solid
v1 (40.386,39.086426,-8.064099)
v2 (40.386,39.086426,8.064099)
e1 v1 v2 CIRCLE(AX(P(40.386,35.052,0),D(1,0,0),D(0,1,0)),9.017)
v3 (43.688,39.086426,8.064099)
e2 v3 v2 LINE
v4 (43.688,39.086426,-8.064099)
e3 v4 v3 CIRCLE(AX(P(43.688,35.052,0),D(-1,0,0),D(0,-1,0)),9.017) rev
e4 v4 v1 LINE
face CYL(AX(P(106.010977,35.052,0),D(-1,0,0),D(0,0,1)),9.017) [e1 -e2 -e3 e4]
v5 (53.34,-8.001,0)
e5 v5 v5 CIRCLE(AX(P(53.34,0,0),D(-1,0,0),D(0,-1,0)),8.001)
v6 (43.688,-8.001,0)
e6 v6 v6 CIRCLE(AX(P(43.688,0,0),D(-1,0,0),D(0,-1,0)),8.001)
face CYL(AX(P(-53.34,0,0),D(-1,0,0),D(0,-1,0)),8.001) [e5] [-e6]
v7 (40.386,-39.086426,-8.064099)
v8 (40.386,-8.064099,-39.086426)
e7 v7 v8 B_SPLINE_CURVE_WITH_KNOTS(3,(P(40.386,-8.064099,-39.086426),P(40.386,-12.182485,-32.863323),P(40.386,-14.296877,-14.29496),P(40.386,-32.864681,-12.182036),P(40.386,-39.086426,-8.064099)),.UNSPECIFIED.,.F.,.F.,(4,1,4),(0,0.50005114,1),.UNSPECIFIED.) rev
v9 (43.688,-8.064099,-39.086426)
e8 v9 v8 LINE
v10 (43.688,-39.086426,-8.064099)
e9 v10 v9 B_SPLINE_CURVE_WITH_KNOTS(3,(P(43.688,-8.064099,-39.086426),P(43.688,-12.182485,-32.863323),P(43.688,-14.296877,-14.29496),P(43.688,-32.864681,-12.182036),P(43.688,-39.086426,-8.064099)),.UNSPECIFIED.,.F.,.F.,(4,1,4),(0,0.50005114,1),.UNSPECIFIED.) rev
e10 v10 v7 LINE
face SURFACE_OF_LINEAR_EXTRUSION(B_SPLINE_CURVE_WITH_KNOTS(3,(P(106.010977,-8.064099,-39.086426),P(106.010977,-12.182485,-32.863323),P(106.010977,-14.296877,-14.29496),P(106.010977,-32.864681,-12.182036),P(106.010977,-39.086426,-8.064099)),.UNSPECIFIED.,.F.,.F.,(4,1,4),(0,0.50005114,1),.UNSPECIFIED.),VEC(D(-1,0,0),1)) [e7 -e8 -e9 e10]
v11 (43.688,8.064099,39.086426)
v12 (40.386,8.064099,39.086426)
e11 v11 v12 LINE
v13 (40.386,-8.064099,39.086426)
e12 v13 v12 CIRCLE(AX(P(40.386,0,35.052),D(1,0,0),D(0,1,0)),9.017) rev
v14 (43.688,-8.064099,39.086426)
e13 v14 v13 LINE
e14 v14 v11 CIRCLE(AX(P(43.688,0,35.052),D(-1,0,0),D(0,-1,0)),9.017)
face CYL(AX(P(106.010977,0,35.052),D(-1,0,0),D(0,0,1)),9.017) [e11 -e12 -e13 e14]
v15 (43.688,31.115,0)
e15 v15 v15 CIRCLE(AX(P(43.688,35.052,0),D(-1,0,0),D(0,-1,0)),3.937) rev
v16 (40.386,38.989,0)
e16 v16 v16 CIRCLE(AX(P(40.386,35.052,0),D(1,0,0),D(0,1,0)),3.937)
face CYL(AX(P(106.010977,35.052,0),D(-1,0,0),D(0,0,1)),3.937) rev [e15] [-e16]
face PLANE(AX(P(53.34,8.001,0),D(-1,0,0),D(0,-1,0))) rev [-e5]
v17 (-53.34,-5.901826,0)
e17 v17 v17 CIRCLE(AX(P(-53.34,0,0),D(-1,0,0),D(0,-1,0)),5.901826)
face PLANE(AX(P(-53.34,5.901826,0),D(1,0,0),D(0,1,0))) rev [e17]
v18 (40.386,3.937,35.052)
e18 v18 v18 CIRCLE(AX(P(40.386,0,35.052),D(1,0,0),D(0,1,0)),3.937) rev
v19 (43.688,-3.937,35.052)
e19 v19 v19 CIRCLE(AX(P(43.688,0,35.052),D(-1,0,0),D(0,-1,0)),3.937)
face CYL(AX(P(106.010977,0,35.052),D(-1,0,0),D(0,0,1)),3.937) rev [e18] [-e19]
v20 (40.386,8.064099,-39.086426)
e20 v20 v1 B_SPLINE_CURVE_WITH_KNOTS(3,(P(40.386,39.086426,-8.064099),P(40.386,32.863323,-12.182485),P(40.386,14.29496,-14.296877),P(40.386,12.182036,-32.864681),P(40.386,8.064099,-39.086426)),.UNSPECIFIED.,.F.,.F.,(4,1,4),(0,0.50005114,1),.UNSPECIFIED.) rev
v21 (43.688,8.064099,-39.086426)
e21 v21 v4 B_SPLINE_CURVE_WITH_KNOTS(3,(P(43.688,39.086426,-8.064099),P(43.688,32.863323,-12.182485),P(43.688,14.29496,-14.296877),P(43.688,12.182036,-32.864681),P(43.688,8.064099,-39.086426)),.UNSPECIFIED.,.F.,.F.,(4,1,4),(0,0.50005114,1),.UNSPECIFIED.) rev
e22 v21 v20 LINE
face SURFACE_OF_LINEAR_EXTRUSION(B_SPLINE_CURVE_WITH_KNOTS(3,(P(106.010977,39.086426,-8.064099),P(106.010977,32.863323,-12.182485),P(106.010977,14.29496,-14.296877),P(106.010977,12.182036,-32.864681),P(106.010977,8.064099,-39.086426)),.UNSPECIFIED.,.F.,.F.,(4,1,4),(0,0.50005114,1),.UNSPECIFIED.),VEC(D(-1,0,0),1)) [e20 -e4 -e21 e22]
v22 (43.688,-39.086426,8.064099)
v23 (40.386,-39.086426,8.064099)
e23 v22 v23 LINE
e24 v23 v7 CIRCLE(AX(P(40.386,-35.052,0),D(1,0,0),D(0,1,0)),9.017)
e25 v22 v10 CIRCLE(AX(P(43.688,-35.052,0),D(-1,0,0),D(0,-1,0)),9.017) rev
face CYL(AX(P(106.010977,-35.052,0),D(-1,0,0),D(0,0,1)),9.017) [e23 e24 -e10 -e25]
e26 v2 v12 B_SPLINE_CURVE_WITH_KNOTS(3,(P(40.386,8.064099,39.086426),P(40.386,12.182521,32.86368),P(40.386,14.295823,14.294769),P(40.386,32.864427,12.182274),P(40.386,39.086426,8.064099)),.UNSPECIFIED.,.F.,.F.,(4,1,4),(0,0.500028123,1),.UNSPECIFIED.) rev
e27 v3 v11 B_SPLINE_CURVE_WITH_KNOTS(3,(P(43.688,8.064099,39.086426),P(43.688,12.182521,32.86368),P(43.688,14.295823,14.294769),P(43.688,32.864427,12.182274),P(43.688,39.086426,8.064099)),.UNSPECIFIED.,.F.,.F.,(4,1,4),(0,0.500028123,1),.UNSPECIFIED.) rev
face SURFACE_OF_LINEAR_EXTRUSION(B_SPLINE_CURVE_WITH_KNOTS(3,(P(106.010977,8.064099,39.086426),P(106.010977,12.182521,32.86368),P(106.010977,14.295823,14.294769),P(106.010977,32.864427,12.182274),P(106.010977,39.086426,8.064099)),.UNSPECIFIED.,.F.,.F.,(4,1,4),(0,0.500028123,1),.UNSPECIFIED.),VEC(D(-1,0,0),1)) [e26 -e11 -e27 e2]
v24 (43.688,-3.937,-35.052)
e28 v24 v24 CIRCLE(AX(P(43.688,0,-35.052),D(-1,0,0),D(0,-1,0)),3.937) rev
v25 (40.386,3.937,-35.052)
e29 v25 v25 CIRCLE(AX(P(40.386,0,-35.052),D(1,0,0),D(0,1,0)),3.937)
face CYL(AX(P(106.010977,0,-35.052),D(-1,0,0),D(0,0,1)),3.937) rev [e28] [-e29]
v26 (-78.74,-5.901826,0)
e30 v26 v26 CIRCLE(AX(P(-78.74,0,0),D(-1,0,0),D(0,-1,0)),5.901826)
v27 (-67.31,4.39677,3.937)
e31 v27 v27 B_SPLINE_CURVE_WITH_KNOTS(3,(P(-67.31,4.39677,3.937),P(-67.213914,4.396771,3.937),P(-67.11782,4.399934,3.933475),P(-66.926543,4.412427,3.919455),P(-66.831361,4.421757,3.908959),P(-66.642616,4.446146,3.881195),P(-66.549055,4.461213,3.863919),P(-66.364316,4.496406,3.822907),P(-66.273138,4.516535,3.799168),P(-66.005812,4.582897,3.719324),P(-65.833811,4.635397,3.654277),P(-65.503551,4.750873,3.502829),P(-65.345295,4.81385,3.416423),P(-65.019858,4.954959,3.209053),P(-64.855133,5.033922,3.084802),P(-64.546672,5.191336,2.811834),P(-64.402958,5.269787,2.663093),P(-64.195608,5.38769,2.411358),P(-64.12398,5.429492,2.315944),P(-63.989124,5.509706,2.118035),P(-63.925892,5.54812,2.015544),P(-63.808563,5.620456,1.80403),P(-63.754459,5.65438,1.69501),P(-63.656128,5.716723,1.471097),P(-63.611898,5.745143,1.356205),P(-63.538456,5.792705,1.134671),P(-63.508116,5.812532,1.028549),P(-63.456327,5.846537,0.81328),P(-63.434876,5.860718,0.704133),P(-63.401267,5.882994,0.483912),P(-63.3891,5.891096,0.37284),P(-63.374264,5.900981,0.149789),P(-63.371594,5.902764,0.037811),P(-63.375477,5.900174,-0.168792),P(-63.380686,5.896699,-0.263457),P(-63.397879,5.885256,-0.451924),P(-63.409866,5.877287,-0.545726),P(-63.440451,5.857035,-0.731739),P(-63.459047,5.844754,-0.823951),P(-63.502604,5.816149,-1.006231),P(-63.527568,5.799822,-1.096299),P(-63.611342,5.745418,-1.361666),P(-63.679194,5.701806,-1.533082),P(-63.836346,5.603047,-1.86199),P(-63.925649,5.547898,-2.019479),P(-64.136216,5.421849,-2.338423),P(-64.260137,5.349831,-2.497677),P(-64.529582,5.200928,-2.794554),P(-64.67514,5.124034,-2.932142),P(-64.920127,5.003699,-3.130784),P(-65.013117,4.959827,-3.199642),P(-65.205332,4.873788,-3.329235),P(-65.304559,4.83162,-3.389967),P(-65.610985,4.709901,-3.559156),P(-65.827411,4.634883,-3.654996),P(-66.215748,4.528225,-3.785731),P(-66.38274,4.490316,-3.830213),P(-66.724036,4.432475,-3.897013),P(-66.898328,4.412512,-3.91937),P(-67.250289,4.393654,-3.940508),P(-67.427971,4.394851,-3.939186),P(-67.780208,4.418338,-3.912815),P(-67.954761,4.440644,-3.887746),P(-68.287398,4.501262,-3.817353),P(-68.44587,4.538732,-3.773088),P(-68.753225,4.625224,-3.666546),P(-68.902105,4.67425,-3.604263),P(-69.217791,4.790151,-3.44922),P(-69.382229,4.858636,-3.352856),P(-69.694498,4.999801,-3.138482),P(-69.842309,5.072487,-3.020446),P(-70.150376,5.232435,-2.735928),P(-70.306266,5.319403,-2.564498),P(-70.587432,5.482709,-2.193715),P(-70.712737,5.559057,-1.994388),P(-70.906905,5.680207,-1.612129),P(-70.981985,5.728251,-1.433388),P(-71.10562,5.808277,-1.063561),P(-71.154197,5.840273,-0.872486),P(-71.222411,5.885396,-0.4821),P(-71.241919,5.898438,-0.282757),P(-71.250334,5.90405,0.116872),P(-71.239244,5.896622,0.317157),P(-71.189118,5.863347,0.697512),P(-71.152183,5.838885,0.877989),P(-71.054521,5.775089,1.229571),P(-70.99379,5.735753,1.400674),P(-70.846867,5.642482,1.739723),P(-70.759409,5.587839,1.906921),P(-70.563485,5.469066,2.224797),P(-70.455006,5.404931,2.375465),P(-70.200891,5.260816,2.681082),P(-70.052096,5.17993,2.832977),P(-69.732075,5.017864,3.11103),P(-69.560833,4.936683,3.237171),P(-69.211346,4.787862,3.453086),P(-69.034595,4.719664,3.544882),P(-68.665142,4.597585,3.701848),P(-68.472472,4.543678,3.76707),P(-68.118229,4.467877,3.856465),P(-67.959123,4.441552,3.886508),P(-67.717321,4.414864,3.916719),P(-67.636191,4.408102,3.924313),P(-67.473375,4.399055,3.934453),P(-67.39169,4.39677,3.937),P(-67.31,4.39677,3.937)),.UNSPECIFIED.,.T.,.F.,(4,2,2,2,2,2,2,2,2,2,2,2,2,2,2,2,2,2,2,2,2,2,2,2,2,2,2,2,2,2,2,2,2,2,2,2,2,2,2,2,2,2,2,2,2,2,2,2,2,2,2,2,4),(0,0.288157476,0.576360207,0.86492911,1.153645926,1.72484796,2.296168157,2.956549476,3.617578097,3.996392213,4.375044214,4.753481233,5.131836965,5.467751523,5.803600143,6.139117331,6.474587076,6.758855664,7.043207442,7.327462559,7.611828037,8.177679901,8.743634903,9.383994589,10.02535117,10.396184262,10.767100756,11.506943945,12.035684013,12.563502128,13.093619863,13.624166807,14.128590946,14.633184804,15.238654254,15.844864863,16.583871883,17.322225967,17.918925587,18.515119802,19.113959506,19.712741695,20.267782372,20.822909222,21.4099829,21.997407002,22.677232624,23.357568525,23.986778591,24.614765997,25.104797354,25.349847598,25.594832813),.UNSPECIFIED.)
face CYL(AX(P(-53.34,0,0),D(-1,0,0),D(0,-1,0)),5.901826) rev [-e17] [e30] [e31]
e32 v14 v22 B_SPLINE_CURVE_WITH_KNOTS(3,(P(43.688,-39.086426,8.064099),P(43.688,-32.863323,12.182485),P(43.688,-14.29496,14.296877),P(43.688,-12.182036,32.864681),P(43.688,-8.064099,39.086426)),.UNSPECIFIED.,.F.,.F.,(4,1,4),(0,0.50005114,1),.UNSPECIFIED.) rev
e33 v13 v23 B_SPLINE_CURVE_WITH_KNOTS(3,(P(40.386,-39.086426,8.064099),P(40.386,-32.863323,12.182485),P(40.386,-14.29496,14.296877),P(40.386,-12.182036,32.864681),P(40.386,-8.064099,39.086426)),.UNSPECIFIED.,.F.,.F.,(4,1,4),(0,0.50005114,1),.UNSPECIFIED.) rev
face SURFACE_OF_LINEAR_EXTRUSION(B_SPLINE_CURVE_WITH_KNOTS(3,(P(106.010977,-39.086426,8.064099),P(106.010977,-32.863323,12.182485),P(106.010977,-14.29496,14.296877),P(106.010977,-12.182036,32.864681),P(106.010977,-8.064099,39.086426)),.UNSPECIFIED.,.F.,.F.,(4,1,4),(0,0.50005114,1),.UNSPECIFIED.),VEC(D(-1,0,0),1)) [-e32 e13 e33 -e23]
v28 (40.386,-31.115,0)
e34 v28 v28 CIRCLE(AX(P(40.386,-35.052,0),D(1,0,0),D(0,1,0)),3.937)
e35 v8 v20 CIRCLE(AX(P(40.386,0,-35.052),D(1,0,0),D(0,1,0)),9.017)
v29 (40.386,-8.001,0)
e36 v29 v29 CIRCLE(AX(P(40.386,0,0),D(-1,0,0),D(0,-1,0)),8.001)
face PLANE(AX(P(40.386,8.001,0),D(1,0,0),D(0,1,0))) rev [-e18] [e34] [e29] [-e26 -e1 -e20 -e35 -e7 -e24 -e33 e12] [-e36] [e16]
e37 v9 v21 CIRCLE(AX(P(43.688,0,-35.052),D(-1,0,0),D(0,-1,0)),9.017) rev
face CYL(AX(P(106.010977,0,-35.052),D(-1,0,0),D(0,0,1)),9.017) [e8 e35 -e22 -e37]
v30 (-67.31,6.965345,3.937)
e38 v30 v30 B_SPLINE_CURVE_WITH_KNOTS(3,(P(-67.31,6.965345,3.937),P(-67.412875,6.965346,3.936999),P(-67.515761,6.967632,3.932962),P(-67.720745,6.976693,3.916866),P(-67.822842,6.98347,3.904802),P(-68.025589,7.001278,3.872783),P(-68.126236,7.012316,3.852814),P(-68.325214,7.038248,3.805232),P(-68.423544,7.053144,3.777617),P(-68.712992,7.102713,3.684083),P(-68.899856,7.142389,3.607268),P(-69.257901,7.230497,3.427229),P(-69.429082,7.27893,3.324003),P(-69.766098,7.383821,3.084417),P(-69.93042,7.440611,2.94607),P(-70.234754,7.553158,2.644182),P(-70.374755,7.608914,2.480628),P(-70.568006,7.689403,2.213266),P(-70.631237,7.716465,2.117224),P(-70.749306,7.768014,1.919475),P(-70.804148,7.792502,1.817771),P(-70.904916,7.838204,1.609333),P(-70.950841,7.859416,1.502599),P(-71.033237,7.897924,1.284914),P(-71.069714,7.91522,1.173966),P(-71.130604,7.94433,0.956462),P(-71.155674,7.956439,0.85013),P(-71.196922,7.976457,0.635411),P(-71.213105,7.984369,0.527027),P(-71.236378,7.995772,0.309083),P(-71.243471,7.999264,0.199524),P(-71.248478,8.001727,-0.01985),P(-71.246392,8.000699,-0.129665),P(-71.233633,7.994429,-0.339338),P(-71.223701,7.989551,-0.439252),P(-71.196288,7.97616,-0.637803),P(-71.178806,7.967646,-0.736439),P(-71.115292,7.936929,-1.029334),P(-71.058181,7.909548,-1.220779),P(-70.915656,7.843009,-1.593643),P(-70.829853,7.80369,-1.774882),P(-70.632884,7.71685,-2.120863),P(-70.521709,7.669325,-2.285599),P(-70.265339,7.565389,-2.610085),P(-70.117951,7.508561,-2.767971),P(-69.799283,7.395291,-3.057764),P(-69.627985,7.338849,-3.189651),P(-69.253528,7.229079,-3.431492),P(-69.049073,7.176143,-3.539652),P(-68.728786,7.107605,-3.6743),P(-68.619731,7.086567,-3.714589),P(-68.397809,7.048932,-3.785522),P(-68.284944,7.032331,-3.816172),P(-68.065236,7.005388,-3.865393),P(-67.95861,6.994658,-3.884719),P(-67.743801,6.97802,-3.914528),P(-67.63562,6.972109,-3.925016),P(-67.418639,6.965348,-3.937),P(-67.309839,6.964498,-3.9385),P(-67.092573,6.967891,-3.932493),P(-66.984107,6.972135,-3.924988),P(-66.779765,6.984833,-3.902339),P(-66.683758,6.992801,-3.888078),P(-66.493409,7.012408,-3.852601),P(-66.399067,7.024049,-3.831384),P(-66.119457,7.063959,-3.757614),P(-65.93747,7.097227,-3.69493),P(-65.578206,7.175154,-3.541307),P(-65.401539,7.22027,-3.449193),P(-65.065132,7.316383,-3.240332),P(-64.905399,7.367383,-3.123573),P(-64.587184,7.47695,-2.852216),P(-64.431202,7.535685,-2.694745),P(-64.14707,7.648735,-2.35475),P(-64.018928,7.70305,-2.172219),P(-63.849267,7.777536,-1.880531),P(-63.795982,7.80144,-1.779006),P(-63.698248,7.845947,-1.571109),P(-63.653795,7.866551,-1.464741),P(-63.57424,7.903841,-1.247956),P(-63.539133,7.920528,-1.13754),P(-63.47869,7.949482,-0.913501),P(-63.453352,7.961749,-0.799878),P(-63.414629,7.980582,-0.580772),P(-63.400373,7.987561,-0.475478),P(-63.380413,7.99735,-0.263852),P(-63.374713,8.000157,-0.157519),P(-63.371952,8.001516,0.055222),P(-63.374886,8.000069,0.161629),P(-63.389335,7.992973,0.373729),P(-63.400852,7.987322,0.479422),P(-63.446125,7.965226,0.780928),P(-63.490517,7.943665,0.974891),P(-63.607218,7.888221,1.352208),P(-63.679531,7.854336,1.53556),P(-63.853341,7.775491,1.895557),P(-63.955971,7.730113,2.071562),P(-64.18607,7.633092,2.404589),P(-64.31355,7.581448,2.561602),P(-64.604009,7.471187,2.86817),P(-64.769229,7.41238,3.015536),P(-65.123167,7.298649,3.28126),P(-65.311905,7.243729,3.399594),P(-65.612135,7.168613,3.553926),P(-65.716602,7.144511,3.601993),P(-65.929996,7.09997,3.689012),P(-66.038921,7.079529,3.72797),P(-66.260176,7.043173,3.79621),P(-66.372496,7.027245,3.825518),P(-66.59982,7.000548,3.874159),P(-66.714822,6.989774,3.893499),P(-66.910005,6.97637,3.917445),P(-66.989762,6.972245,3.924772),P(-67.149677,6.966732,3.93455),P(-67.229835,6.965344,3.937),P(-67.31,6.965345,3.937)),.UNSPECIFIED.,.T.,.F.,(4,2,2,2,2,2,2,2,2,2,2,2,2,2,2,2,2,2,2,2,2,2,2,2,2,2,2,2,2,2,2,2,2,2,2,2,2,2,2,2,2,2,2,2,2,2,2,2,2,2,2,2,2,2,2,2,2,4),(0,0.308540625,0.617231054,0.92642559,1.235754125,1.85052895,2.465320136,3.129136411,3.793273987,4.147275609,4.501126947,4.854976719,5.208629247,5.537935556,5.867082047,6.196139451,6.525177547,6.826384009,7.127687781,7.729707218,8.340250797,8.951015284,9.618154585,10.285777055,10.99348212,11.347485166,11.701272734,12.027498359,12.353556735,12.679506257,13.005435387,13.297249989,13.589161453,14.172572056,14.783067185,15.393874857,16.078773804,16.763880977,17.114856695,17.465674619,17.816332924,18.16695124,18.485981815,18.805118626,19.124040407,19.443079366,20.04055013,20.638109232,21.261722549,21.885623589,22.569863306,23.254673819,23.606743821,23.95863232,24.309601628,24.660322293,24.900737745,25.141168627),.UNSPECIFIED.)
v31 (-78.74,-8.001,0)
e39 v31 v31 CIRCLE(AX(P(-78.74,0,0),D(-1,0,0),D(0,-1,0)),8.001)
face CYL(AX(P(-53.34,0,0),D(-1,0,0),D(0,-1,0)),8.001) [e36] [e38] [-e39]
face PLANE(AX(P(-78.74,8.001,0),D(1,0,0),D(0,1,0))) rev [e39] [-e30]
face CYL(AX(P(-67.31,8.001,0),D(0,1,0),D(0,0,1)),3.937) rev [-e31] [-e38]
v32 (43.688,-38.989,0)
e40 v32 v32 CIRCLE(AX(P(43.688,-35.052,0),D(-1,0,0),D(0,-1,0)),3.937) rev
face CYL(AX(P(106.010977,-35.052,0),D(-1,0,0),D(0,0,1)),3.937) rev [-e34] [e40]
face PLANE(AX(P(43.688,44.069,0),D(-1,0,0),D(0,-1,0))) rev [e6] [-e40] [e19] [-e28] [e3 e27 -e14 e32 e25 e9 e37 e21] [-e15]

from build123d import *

# Parameters (mm, degrees)
HOLE1_D            = 7.874
HOLE1_DEPTH        = 7.62
SKETCH5_R          = 3.937
CUT_EXTRUDE5_DEPTH = 43.688


with BuildPart() as part:
    # Sketch2 → Revolve1 (revolve)
    with BuildSketch(Plane.XY, mode=Mode.PRIVATE) as revolve1_sk:
        Polygon((-78.74, 8.001), (-78.74, 5.901826446), (-53.34, 5.901826446), (-53.34, 0), (53.34, 0), (53.34, 8.001), (43.688, 8.001), (43.688, 44.069), (40.386, 44.069), (40.386, 8.001), align=None)
    revolve(revolve1_sk.sketch.rotate(Axis((-53.34, 0, 0), (1, 0, 0)), 180), axis=Axis((-53.34, 0, 0), (1, 0, 0)))

    # Hole1
    with Locations(Plane(origin=(-67.31, 8.001, 0), x_dir=(0, 0, 1), z_dir=(0, 1, 0))):
        with Locations((0, 0)):
            Hole(HOLE1_D / 2, depth=HOLE1_DEPTH)

    # Sketch5 → Cut-Extrude5 (cut)
    with BuildSketch(Plane(origin=(0, 0, 0), x_dir=(0, 0, -1), z_dir=(1, 0, 0))):
        with BuildLine():
            ThreePointArc((-8.064098995, 39.086426403), (-4.739613176, 42.72287713), (0, 44.069))
            ThreePointArc((0, 44.069), (-31.16148874, 31.16148874), (-44.069, 0))
            ThreePointArc((-44.069, 0), (-42.72287713, 4.739613176), (-39.086426403, 8.064098995))
            add(Edge.make_bspline(
                [(-39.086426403, 8.064098995), (-32.863680484, 12.182521195), (-14.294768831, 14.295822644), (-12.182274492, 32.864426866), (-8.064098995, 39.086426403)],
                knots=[0, 0, 0, 0, 0.500028123, 1, 1, 1, 1], degree=3))
        make_face()
        with BuildLine():
            ThreePointArc((-44.069, 0), (-31.16148874, -31.16148874), (0, -44.069))
            ThreePointArc((0, -44.069), (-4.739613176, -42.72287713), (-8.064098995, -39.086426403))
            add(Edge.make_bspline(
                [(-8.064098995, -39.086426403), (-12.182485102, -32.863323284), (-14.296876524, -14.294960375), (-32.864680523, -12.182036473), (-39.086426403, -8.064098995)],
                knots=[0, 0, 0, 0, 0.50005114, 1, 1, 1, 1], degree=3))
            ThreePointArc((-39.086426403, -8.064098995), (-42.72287713, -4.739613176), (-44.069, 0))
        make_face()
        with Locations(Location((0, -35.052, 0), (0, 0, 270))):
            Circle(SKETCH5_R)
        with BuildLine():
            ThreePointArc((0, -44.069), (31.16148874, -31.16148874), (44.069, 0))
            ThreePointArc((44.069, 0), (42.72287713, -4.739613176), (39.086426403, -8.064098995))
            add(Edge.make_bspline(
                [(39.086426403, -8.064098995), (32.863323284, -12.182485102), (14.294960375, -14.296876524), (12.182036473, -32.864680523), (8.064098995, -39.086426403)],
                knots=[0, 0, 0, 0, 0.50005114, 1, 1, 1, 1], degree=3))
            ThreePointArc((8.064098995, -39.086426403), (4.739613176, -42.72287713), (0, -44.069))
        make_face()
        with Locations(Location((35.052, 0, 0), (0, 0, 270))):
            Circle(SKETCH5_R)
        with BuildLine():
            ThreePointArc((39.086426403, 8.064098995), (42.72287713, 4.739613176), (44.069, 0))
            ThreePointArc((44.069, 0), (31.16148874, 31.16148874), (0, 44.069))
            ThreePointArc((0, 44.069), (4.739613176, 42.72287713), (8.064098995, 39.086426403))
            add(Edge.make_bspline(
                [(8.064098995, 39.086426403), (12.182485102, 32.863323284), (14.296876524, 14.294960375), (32.864680523, 12.182036473), (39.086426403, 8.064098995)],
                knots=[0, 0, 0, 0, 0.50005114, 1, 1, 1, 1], degree=3))
        make_face()
        with Locations(Location((0, 35.052, 0), (0, 0, 270))):
            Circle(SKETCH5_R)
        with Locations(Location((-35.052, 0, 0), (0, 0, 270))):
            Circle(SKETCH5_R)
    extrude(amount=CUT_EXTRUDE5_DEPTH, mode=Mode.SUBTRACT)


solid = part.part
